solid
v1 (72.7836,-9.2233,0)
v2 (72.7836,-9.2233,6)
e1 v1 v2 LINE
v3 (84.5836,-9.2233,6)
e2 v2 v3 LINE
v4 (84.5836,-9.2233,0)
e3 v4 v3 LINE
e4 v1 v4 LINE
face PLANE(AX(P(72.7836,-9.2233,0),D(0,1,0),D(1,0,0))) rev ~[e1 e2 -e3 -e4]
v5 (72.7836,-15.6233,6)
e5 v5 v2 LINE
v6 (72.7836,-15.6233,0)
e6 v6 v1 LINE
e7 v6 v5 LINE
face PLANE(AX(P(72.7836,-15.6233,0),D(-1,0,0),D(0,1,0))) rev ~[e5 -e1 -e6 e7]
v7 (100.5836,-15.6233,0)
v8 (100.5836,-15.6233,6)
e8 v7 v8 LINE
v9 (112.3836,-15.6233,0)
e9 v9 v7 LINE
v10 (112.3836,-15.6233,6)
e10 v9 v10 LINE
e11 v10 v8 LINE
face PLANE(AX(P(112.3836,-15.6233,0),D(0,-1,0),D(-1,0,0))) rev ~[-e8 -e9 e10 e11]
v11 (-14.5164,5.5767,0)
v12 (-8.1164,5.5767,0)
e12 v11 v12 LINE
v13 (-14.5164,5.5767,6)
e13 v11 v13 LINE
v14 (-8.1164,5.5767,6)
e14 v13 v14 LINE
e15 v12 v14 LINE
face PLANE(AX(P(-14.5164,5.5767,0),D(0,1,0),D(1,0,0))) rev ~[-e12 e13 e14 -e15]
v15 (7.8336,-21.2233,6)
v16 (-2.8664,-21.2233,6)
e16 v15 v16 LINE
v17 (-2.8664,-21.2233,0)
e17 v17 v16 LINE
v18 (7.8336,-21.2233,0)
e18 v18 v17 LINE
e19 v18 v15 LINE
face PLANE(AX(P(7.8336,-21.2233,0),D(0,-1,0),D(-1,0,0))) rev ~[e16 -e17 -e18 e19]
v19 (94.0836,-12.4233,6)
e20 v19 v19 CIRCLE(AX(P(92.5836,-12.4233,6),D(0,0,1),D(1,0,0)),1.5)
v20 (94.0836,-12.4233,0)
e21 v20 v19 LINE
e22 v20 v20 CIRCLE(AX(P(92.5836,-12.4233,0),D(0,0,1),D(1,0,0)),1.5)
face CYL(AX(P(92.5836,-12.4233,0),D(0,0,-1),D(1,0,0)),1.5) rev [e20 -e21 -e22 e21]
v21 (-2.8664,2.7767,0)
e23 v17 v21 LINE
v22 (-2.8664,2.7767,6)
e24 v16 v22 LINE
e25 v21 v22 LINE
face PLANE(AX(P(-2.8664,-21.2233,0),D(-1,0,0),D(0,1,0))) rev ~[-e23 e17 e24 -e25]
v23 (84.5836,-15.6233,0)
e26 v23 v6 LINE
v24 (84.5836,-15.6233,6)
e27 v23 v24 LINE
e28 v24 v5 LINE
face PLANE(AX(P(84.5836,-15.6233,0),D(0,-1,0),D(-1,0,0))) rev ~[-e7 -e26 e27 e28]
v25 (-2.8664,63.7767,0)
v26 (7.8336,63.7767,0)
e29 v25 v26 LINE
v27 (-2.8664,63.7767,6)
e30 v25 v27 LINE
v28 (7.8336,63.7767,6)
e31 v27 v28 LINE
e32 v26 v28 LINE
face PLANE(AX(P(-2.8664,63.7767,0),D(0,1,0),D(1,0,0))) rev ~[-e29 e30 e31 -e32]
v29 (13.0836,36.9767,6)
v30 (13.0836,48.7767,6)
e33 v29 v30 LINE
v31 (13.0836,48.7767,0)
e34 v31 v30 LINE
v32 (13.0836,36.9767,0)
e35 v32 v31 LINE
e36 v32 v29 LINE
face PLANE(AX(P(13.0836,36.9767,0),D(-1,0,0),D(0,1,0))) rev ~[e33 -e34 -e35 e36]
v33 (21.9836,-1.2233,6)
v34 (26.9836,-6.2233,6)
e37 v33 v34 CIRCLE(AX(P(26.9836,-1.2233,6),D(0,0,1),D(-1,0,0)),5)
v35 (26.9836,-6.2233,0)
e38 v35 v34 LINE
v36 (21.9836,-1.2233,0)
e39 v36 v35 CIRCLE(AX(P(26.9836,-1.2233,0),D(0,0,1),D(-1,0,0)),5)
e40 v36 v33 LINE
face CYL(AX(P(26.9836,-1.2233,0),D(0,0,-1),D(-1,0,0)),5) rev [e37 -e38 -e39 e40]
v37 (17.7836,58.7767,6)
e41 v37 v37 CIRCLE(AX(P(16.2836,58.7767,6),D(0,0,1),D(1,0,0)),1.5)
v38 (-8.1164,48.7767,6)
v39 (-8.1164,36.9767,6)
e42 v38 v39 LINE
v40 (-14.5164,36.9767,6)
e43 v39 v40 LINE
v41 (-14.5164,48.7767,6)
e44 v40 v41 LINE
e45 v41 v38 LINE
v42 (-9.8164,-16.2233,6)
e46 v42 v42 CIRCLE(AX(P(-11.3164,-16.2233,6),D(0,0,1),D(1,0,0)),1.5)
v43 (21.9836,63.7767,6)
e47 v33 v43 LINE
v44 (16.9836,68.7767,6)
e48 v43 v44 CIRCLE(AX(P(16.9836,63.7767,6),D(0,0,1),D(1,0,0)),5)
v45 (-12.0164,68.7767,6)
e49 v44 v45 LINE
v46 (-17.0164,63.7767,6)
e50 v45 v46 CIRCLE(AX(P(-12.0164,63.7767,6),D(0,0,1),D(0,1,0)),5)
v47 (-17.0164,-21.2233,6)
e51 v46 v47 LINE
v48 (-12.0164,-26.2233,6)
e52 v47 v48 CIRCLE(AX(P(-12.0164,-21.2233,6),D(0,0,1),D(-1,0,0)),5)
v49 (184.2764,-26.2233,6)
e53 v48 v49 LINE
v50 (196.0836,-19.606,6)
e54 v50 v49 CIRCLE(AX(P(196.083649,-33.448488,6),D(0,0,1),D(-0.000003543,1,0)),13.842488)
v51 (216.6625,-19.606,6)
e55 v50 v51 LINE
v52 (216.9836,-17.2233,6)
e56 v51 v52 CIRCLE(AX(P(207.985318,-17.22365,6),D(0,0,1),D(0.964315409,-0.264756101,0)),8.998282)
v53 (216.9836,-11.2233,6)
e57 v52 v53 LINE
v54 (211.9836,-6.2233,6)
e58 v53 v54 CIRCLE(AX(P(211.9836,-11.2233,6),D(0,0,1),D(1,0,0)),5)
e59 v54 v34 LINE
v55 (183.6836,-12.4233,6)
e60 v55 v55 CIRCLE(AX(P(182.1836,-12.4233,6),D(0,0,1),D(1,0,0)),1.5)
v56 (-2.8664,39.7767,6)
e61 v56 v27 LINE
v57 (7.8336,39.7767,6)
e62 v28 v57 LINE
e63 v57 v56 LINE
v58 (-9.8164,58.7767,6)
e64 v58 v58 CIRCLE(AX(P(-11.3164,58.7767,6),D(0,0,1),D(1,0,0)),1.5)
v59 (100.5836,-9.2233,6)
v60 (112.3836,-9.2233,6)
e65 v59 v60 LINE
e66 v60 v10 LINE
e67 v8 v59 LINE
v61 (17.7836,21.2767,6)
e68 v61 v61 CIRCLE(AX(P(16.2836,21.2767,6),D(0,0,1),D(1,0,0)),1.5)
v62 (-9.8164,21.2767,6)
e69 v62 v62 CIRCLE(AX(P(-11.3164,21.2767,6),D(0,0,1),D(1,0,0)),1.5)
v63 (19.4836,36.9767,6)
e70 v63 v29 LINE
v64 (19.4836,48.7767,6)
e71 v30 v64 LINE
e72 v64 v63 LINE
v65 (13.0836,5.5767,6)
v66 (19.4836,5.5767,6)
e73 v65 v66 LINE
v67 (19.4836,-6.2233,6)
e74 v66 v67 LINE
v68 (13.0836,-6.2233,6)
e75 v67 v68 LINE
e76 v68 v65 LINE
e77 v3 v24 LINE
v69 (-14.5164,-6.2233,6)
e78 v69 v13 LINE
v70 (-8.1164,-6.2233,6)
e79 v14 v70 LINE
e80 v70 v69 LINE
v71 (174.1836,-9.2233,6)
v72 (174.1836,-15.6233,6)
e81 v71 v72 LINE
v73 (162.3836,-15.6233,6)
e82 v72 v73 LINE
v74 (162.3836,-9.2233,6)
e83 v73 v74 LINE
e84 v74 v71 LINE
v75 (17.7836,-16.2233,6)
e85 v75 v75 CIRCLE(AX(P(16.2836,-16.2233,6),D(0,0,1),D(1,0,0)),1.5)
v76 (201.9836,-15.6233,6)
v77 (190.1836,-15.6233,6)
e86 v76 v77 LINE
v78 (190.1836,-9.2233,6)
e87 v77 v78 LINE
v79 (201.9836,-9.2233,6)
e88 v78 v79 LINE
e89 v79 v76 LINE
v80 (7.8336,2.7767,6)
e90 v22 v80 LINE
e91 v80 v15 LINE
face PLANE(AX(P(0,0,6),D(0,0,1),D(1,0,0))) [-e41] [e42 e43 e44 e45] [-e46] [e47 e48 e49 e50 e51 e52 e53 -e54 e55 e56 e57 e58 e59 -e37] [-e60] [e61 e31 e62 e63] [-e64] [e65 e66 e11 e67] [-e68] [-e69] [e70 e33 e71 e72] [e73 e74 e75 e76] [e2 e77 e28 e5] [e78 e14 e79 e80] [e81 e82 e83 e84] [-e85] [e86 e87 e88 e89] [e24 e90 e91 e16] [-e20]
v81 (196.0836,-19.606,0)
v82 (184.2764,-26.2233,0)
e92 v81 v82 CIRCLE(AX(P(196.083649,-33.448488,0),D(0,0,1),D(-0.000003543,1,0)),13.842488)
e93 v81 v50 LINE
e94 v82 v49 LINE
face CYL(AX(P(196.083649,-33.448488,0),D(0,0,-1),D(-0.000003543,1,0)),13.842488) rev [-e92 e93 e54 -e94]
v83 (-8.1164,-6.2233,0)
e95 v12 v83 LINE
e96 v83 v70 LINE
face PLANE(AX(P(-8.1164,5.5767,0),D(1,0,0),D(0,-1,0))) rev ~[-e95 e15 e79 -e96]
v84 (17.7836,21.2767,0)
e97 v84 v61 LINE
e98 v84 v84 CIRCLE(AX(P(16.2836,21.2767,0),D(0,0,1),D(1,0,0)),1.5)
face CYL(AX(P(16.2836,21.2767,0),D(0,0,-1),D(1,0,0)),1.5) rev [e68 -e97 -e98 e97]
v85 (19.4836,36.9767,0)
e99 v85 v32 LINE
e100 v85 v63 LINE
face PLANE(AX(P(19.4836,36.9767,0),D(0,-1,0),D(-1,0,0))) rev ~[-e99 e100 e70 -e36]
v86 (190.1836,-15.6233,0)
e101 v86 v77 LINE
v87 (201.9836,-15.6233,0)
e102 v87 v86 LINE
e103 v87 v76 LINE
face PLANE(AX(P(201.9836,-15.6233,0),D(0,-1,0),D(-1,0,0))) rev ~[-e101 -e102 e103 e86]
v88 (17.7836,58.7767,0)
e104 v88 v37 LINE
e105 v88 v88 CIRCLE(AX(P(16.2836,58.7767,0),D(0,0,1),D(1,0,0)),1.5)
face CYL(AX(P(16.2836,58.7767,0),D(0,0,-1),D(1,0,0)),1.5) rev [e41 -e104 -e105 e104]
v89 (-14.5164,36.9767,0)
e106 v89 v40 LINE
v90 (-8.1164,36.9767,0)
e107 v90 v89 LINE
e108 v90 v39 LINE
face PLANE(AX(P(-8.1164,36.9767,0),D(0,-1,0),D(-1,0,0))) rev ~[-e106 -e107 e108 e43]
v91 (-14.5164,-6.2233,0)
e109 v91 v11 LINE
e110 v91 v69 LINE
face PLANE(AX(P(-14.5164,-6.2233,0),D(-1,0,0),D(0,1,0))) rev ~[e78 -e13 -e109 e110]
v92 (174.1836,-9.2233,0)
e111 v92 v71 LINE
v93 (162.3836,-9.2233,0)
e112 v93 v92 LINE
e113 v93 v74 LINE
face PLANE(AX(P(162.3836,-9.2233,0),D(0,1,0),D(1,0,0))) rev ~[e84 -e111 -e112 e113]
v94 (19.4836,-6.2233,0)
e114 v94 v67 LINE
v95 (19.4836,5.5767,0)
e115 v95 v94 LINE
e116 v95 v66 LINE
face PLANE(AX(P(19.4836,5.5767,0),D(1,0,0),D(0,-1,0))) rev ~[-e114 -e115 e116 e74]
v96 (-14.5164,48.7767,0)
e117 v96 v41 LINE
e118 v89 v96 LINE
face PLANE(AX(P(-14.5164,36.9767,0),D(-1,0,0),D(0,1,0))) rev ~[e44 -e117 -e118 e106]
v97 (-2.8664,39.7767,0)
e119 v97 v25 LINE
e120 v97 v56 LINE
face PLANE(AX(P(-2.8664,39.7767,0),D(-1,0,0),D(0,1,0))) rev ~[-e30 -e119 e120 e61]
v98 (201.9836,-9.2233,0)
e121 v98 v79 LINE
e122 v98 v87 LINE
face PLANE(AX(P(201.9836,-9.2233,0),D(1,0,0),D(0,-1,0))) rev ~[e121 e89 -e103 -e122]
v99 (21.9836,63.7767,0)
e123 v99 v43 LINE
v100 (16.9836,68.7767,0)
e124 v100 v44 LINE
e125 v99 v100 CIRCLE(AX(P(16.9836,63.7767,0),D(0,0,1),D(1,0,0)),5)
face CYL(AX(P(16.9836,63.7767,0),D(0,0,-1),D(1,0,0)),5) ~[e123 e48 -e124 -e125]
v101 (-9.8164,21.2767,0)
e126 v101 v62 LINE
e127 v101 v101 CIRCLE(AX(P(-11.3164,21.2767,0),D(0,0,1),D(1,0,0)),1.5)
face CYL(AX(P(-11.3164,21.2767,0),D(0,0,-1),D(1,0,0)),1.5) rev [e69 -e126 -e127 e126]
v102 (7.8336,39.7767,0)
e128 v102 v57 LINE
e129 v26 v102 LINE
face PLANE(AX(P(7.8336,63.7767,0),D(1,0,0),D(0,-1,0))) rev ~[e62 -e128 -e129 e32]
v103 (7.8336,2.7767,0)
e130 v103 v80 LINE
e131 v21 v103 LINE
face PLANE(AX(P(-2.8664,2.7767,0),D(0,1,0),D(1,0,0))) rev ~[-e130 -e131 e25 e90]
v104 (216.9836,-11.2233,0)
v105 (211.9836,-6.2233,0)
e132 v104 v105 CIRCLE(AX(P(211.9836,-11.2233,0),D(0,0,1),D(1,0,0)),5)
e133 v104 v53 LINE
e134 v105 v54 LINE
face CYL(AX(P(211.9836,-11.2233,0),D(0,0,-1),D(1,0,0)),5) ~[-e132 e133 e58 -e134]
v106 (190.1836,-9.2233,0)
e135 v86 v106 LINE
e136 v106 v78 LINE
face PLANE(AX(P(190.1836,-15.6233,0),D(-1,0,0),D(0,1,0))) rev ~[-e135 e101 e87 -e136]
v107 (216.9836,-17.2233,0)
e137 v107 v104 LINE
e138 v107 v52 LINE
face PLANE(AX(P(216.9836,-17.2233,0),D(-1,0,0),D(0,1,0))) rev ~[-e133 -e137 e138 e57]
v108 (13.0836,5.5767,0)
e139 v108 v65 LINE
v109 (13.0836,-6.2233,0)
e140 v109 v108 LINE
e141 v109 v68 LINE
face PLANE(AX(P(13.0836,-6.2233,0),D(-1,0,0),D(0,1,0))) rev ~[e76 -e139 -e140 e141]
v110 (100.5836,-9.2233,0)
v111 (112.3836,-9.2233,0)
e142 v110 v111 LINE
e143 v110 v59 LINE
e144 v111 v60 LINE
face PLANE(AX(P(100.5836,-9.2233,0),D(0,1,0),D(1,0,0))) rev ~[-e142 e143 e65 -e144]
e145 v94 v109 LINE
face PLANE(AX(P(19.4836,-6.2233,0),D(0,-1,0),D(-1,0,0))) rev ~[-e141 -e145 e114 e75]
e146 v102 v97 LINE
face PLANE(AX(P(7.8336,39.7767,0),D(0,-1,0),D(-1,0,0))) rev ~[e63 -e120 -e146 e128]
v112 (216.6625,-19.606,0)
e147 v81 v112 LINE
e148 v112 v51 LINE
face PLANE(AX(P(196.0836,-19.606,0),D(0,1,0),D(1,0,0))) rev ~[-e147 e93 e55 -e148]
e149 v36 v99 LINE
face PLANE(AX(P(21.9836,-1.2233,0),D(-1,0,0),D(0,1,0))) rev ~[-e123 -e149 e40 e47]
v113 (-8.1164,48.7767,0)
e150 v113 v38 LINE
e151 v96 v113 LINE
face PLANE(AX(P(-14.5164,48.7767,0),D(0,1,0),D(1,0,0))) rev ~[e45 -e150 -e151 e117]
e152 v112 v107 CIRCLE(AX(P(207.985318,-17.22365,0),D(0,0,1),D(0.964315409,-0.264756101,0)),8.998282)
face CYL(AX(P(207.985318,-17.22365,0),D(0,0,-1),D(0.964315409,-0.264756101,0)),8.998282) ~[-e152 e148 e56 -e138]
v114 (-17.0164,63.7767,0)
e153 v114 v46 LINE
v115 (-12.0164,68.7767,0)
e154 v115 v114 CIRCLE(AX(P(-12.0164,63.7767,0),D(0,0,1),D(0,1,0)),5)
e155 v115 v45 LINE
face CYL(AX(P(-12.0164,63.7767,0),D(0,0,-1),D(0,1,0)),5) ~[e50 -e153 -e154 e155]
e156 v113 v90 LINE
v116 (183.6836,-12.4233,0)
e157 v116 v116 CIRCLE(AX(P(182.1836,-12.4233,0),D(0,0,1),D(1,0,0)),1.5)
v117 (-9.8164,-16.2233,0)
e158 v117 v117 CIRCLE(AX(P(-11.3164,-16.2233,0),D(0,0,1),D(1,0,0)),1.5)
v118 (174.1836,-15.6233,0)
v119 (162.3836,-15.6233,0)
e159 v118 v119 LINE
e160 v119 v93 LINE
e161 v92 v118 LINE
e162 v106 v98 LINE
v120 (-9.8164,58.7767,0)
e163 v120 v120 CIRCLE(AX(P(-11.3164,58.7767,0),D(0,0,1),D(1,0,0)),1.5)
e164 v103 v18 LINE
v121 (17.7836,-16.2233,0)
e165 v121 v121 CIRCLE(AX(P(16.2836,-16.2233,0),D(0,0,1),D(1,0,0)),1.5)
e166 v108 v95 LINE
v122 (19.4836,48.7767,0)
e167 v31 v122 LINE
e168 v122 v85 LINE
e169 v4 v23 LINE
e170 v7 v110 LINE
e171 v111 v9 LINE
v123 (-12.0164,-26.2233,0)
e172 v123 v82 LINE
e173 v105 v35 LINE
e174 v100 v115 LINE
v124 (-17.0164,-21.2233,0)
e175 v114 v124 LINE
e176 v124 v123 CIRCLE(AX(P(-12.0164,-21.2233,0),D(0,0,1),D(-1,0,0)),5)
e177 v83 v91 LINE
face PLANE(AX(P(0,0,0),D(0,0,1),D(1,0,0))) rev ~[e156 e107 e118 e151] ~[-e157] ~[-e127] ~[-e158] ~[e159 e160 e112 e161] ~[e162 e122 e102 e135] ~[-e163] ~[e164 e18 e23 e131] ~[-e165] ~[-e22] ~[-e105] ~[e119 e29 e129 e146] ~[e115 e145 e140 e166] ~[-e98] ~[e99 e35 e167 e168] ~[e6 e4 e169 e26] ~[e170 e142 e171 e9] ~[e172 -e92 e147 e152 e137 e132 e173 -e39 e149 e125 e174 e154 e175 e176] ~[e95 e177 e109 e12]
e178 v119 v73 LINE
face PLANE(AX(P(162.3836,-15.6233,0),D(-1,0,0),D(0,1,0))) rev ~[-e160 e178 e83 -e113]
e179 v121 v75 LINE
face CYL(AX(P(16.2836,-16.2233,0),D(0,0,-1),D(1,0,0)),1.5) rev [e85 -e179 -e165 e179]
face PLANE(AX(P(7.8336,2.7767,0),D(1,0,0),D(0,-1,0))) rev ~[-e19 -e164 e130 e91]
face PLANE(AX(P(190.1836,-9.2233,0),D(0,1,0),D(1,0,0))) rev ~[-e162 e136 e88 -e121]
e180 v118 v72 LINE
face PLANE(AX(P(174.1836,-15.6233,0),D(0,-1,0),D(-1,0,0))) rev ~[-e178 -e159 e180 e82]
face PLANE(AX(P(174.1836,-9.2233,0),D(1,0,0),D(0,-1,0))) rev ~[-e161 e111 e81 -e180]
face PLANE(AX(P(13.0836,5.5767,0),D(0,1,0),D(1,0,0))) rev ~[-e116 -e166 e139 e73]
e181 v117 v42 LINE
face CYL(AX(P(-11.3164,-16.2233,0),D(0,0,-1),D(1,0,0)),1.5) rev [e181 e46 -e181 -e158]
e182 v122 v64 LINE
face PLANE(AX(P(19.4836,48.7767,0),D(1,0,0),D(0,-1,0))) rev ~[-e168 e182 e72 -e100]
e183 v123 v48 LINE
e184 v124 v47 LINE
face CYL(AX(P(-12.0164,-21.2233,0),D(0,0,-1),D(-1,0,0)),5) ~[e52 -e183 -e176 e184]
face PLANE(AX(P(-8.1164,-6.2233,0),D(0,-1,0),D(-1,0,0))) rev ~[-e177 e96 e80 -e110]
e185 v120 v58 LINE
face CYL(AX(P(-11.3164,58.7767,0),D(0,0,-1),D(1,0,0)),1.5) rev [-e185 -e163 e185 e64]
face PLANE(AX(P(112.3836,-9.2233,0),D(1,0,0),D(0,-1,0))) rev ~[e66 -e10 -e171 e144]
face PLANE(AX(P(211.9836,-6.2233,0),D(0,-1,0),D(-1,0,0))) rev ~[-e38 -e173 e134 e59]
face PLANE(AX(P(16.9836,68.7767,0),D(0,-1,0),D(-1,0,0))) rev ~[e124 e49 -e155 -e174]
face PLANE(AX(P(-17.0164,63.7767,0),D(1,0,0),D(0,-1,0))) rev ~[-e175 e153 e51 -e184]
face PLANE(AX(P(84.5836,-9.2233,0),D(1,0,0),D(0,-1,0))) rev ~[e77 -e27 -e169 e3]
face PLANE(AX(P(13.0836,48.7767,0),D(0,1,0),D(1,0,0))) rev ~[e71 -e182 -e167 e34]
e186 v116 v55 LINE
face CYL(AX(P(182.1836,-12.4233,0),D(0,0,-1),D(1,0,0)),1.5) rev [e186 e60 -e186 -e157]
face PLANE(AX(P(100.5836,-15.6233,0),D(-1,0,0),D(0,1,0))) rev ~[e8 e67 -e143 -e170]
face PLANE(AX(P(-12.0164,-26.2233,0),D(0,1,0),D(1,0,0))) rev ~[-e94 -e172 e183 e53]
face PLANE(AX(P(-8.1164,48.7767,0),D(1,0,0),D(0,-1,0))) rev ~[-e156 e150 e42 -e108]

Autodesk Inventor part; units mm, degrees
ref_plane "YZ Plane" through (0, 0, 0) normal (1, 0, 0) x (0, 1, 0)
ref_plane "XZ Plane" through (0, 0, 0) normal (0, 1, 0) x (-1, 0, 0)
ref_plane "XY Plane" through (0, 0, 0) normal (0, 0, 1) x (1, 0, 0)
sketch "Sketch1" plane through (0, 0, 0) normal (0, 0, 1) x (1, 0, 0)
  line L0 (196.0836, -19.606) -> (216.6625, -19.606)
  arc A0 (216.6625, -19.606) -> (216.9836, -17.2233) centre (207.9836, -17.2233) ccw
  line L1 (216.9836, -17.2233) -> (216.9836, -11.2233)
  arc A1 (216.9836, -11.2233) -> (211.9836, -6.2233) centre (211.9836, -11.2233) ccw
  line L2 (211.9836, -6.2233) -> (26.9836, -6.2233)
  arc A2 (21.9836, -1.2233) -> (26.9836, -6.2233) centre (26.9836, -1.2233) ccw
  line L3 (21.9836, -1.2233) -> (21.9836, 63.7767)
  arc A3 (21.9836, 63.7767) -> (16.9836, 68.7767) centre (16.9836, 63.7767) ccw
  line L4 (16.9836, 68.7767) -> (-12.0164, 68.7767)
  arc A4 (-12.0164, 68.7767) -> (-17.0164, 63.7767) centre (-12.0164, 63.7767) ccw
  line L5 (-17.0164, 63.7767) -> (-17.0164, -21.2233)
  arc A5 (-17.0164, -21.2233) -> (-12.0164, -26.2233) centre (-12.0164, -21.2233) ccw
  line L6 (-12.0164, -26.2233) -> (184.2764, -26.2233)
  arc A6 (196.0836, -19.606) -> (184.2764, -26.2233) centre (196.0836, -33.4483) ccw
  circle A7 centre (-11.3164, 21.2767) radius 1.5
  circle A8 centre (16.2836, 21.2767) radius 1.5
  circle A9 centre (16.2836, -16.2233) radius 1.5
  circle A10 centre (-11.3164, -16.2233) radius 1.5
  circle A11 centre (92.5836, -12.4233) radius 1.5
  circle A12 centre (182.1836, -12.4233) radius 1.5
  circle A13 centre (-11.3164, 58.7767) radius 1.5
  circle A14 centre (16.2836, 58.7767) radius 1.5
  line L7 (13.0836, 36.9767) -> (13.0836, 48.7767)
  line L8 (13.0836, 48.7767) -> (19.4836, 48.7767)
  line L9 (19.4836, 48.7767) -> (19.4836, 36.9767)
  line L10 (19.4836, 36.9767) -> (13.0836, 36.9767)
  line L11 (-8.1164, 48.7767) -> (-8.1164, 36.9767)
  line L12 (-8.1164, 36.9767) -> (-14.5164, 36.9767)
  line L13 (-14.5164, 36.9767) -> (-14.5164, 48.7767)
  line L14 (-14.5164, 48.7767) -> (-8.1164, 48.7767)
  line L15 (13.0836, -6.2233) -> (13.0836, 5.5767)
  line L16 (13.0836, 5.5767) -> (19.4836, 5.5767)
  line L17 (19.4836, 5.5767) -> (19.4836, -6.2233)
  line L18 (19.4836, -6.2233) -> (13.0836, -6.2233)
  line L19 (201.9836, -9.2233) -> (201.9836, -15.6233)
  line L20 (201.9836, -15.6233) -> (190.1836, -15.6233)
  line L21 (190.1836, -15.6233) -> (190.1836, -9.2233)
  line L22 (190.1836, -9.2233) -> (201.9836, -9.2233)
  line L23 (174.1836, -9.2233) -> (174.1836, -15.6233)
  line L24 (174.1836, -15.6233) -> (162.3836, -15.6233)
  line L25 (162.3836, -15.6233) -> (162.3836, -9.2233)
  line L26 (162.3836, -9.2233) -> (174.1836, -9.2233)
  line L27 (112.3836, -9.2233) -> (112.3836, -15.6233)
  line L28 (112.3836, -15.6233) -> (100.5836, -15.6233)
  line L29 (100.5836, -15.6233) -> (100.5836, -9.2233)
  line L30 (100.5836, -9.2233) -> (112.3836, -9.2233)
  line L31 (84.5836, -9.2233) -> (84.5836, -15.6233)
  line L32 (84.5836, -15.6233) -> (72.7836, -15.6233)
  line L33 (72.7836, -15.6233) -> (72.7836, -9.2233)
  line L34 (72.7836, -9.2233) -> (84.5836, -9.2233)
  line L35 (-8.1164, 5.5767) -> (-8.1164, -6.2233)
  line L36 (-8.1164, -6.2233) -> (-14.5164, -6.2233)
  line L37 (-14.5164, -6.2233) -> (-14.5164, 5.5767)
  line L38 (-14.5164, 5.5767) -> (-8.1164, 5.5767)
  line L39 (7.8336, 63.7767) -> (7.8336, 39.7767)
  line L40 (7.8336, 39.7767) -> (-2.8664, 39.7767)
  line L41 (-2.8664, 39.7767) -> (-2.8664, 63.7767)
  line L42 (-2.8664, 63.7767) -> (7.8336, 63.7767)
  line L43 (7.8336, 2.7767) -> (7.8336, -21.2233)
  line L44 (7.8336, -21.2233) -> (-2.8664, -21.2233)
  line L45 (-2.8664, -21.2233) -> (-2.8664, 2.7767)
  line L46 (-2.8664, 2.7767) -> (7.8336, 2.7767)
  point P0 (0, 0)
  point P1 (0, 0)
extrude "Extrusion1" add sketch "Sketch1" along normal blind 6
properties part number "zCar_a"
